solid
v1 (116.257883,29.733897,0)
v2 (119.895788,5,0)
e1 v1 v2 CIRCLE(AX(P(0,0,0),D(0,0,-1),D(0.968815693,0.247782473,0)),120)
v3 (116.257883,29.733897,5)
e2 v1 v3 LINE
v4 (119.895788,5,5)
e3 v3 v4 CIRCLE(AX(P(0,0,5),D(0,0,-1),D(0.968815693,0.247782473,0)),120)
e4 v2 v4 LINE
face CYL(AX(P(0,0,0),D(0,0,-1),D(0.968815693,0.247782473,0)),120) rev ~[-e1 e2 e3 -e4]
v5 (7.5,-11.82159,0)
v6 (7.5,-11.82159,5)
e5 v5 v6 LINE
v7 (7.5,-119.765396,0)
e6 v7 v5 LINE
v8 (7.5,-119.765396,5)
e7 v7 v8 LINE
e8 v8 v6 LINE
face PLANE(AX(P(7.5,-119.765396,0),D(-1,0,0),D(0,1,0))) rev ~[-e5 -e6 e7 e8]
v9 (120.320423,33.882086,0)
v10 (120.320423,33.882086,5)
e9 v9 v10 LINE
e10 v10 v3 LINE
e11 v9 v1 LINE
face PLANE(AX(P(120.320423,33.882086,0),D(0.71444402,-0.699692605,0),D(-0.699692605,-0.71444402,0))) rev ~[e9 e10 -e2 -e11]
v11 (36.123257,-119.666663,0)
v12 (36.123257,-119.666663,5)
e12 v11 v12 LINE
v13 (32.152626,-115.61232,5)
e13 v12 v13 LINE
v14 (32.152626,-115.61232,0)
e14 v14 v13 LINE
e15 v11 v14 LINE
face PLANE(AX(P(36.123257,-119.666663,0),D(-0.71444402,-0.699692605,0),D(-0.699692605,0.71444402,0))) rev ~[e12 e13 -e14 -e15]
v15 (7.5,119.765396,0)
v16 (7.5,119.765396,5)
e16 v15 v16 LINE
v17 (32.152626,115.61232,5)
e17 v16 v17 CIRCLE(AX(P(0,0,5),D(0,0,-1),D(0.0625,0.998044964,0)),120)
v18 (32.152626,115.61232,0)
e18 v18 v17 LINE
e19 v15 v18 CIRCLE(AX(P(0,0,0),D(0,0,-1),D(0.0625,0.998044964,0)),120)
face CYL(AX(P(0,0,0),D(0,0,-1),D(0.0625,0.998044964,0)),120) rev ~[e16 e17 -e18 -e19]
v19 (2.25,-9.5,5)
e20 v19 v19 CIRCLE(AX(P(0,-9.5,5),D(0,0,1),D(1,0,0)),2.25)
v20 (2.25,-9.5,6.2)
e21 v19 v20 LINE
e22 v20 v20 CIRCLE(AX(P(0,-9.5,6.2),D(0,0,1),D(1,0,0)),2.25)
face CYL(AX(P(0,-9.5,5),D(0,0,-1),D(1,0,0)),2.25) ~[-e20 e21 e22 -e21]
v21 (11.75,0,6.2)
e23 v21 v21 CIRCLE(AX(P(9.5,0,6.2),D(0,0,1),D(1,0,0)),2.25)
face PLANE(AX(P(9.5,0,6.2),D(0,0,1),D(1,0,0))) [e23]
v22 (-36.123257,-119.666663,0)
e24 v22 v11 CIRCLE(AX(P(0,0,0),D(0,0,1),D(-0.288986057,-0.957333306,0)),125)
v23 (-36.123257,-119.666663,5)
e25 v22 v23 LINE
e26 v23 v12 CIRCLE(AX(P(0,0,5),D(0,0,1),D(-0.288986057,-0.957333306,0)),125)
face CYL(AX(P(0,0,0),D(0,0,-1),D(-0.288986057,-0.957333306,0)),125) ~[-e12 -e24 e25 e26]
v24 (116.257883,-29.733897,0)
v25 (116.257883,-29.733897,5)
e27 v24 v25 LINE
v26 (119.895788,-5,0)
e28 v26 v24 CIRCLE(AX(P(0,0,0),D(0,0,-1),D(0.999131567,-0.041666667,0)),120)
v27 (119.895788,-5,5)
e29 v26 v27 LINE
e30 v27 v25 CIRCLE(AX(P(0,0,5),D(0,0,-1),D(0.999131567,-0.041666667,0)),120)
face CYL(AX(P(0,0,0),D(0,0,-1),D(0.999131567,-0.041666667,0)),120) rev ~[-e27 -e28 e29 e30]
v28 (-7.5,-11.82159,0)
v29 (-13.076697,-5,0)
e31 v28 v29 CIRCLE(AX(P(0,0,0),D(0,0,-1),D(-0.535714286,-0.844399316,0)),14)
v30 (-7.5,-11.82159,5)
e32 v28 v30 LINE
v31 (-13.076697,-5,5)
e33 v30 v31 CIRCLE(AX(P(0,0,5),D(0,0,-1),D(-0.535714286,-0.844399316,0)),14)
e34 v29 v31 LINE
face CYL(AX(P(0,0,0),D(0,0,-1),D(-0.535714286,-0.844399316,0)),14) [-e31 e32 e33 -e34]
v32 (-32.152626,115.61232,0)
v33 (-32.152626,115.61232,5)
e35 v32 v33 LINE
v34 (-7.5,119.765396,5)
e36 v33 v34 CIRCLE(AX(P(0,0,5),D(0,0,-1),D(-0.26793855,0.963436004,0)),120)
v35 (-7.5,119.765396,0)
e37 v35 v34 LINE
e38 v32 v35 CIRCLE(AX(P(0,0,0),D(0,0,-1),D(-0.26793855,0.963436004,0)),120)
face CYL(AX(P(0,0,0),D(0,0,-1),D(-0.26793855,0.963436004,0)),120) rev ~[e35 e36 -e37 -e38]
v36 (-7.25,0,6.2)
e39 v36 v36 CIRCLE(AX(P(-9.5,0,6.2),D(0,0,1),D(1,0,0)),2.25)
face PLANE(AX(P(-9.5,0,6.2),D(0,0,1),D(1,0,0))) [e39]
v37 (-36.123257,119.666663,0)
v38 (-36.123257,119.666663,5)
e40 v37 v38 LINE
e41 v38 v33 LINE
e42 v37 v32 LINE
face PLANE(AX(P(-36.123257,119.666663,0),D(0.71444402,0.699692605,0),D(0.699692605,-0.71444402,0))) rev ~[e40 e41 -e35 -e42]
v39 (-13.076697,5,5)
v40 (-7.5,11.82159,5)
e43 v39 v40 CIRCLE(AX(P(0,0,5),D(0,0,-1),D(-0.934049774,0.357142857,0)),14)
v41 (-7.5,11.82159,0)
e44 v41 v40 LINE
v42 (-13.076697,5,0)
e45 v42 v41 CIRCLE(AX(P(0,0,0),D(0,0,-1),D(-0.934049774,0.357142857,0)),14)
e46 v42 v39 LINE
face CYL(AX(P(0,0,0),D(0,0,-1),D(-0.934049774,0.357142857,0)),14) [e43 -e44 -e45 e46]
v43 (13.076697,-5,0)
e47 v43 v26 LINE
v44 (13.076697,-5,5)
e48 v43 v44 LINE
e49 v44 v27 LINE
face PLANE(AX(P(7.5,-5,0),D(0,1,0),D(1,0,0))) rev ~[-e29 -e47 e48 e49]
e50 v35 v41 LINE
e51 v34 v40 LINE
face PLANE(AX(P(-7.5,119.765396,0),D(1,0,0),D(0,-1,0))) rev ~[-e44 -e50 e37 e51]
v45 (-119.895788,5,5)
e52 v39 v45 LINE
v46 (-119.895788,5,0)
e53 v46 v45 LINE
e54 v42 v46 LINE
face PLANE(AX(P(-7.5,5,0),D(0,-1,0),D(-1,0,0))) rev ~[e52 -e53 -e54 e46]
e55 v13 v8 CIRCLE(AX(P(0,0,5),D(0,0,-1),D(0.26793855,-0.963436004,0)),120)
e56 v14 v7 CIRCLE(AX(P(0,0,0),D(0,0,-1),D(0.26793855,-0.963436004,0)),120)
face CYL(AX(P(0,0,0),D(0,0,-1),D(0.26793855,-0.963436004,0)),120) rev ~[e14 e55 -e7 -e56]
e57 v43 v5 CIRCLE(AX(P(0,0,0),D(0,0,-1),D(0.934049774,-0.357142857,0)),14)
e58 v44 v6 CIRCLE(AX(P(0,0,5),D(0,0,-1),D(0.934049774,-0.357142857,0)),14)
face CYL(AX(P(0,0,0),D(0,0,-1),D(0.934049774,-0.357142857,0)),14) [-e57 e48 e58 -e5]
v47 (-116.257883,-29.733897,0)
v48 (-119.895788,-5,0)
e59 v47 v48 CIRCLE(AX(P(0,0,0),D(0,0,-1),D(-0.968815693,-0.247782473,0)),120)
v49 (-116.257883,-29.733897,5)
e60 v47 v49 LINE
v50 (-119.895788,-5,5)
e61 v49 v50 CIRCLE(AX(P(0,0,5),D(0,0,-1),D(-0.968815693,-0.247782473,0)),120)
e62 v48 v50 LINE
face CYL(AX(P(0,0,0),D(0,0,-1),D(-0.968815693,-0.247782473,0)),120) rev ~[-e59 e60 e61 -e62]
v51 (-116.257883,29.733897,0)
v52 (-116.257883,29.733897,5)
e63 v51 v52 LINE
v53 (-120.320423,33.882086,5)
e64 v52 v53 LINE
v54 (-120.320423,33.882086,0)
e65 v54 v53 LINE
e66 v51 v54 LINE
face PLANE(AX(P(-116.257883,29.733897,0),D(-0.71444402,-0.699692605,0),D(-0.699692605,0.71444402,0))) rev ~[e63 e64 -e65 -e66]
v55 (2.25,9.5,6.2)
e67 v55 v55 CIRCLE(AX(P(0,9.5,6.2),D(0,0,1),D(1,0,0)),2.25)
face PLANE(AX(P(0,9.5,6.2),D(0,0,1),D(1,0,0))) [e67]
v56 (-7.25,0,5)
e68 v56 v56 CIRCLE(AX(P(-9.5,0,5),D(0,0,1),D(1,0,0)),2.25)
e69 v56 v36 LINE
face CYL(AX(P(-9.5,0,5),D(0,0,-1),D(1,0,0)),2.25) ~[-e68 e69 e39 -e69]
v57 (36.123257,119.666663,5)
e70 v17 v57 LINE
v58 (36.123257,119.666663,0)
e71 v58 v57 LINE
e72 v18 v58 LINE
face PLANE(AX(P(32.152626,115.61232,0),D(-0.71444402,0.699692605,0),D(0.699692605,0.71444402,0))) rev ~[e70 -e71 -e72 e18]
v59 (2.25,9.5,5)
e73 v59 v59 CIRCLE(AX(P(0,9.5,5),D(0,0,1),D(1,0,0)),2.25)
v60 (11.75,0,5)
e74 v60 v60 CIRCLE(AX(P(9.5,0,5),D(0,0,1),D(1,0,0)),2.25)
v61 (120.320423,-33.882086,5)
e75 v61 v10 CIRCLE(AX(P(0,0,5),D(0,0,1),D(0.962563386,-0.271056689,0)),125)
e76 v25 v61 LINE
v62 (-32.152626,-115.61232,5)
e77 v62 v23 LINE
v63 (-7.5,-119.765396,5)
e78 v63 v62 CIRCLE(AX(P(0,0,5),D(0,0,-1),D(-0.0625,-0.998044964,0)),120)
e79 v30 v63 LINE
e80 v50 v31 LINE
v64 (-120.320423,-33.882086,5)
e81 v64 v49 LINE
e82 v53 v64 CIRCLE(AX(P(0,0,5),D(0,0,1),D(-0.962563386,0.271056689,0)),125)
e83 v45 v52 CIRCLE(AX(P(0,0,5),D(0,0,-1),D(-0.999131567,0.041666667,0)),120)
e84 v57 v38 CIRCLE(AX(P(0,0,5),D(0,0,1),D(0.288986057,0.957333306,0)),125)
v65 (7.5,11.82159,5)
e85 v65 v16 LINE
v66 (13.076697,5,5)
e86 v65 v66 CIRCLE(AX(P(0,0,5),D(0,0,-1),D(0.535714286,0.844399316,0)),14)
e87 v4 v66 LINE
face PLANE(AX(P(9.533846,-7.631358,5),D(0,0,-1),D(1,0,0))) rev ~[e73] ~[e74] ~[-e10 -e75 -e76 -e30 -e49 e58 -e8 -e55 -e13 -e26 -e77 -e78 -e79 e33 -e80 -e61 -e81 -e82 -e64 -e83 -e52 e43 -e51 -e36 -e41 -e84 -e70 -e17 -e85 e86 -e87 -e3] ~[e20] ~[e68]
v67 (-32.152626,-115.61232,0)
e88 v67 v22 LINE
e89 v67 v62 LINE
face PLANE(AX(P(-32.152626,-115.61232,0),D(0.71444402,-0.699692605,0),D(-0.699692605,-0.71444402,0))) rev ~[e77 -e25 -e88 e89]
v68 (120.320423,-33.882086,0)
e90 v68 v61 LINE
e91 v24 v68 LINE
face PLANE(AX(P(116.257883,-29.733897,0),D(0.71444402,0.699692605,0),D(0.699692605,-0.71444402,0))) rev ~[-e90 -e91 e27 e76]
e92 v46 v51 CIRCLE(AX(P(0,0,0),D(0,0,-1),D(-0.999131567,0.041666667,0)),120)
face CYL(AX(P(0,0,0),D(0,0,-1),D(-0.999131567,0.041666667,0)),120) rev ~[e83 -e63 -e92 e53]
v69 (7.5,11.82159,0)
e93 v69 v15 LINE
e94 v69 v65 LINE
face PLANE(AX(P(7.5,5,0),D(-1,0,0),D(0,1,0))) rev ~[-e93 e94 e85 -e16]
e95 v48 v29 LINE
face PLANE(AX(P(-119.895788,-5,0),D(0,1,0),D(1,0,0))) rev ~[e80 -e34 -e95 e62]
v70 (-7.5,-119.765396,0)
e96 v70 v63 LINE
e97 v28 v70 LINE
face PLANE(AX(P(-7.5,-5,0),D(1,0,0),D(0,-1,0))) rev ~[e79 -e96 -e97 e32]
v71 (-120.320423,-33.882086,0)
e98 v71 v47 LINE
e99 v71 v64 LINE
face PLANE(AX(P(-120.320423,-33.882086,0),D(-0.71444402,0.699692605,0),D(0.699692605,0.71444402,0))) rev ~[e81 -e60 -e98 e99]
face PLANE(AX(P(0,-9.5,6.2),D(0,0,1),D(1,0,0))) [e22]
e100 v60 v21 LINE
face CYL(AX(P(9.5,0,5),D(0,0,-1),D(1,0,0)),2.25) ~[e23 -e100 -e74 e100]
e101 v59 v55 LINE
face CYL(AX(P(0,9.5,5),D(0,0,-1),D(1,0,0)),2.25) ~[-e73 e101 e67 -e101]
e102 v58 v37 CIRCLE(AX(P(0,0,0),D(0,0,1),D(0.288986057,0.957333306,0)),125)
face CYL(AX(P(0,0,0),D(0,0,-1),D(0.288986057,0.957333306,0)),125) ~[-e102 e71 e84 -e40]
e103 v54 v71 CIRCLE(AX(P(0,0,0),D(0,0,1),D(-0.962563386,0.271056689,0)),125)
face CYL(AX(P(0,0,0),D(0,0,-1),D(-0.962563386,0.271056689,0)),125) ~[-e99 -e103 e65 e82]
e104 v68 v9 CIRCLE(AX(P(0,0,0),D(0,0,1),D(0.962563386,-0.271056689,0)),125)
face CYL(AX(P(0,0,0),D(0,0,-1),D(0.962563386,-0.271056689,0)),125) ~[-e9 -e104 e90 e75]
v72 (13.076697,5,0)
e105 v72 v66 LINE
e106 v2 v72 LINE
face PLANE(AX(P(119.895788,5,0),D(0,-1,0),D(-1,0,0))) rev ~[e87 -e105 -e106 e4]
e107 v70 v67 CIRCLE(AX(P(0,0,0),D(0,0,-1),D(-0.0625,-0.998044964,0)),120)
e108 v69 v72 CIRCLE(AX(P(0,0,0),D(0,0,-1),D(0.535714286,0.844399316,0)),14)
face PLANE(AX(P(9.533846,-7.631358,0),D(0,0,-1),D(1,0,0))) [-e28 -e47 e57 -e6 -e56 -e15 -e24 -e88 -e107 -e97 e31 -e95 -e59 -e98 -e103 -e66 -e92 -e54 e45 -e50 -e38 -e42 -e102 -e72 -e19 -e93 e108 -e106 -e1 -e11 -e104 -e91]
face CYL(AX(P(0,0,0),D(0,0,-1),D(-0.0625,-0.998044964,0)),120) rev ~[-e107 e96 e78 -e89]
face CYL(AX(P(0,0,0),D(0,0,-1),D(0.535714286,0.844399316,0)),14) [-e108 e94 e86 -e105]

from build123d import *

# Parameters (mm, degrees)
F1_DEPTH = 5
F3_DEPTH = 5
F4_R     = 2.25
F5_DEPTH = 1.2


with BuildPart() as f1:
    # F0 (on Top) → F1 (new body)
    with BuildSketch(Plane.XY):
        with BuildLine():
            ThreePointArc((-116.2578831103, -29.7338967292), (-118.7227043002, -17.4619438679), (-119.8957880828, -5))
            Line((-119.8957880828, -5), (-7.5, -5))
            Line((-7.5, -5), (-7.5, -119.76539567))
            ThreePointArc((-7.5, -119.76539567), (-19.9347609629, -118.3326045744), (-32.152625953, -115.6123204694))
            Line((-32.152625953, -115.6123204694), (-36.1232570919, -119.6666632654))
            ThreePointArc((-36.1232570919, -119.6666632654), (0, -125), (36.1232570919, -119.6666632654))
            Line((36.1232570919, -119.6666632654), (32.152625953, -115.6123204694))
            ThreePointArc((32.152625953, -115.6123204694), (19.9347609629, -118.3326045744), (7.5, -119.76539567))
            Line((7.5, -119.76539567), (7.5, -5))
            Line((7.5, -5), (119.8957880828, -5))
            ThreePointArc((119.8957880828, -5), (118.7227043002, -17.4619438679), (116.2578831103, -29.7338967292))
            Line((116.2578831103, -29.7338967292), (120.3204231937, -33.8820861591))
            ThreePointArc((120.3204231937, -33.8820861591), (125, 0), (120.3204231937, 33.8820861591))
            Line((120.3204231937, 33.8820861591), (116.2578831103, 29.7338967292))
            ThreePointArc((116.2578831103, 29.7338967292), (118.7227043002, 17.4619438679), (119.8957880828, 5))
            Line((119.8957880828, 5), (7.5, 5))
            Line((7.5, 5), (7.5, 119.76539567))
            ThreePointArc((7.5, 119.76539567), (19.9347609629, 118.3326045744), (32.152625953, 115.6123204694))
            Line((32.152625953, 115.6123204694), (36.1232570919, 119.6666632654))
            ThreePointArc((36.1232570919, 119.6666632654), (0, 125), (-36.1232570919, 119.6666632654))
            Line((-36.1232570919, 119.6666632654), (-32.152625953, 115.6123204694))
            ThreePointArc((-32.152625953, 115.6123204694), (-19.9347609629, 118.3326045744), (-7.5, 119.76539567))
            Line((-7.5, 119.76539567), (-7.5, 5))
            Line((-7.5, 5), (-119.8957880828, 5))
            ThreePointArc((-119.8957880828, 5), (-118.7227043002, 17.4619438679), (-116.2578831103, 29.7338967292))
            Line((-116.2578831103, 29.7338967292), (-120.3204231937, 33.8820861591))
            ThreePointArc((-120.3204231937, 33.8820861591), (-125, 0), (-120.3204231937, -33.8820861591))
            Line((-120.3204231937, -33.8820861591), (-116.2578831103, -29.7338967292))
        make_face()
    extrude(amount=F1_DEPTH)

    # F2 (on face) → F3 (join)
    with BuildSketch(Plane(origin=(0, 0, 0), x_dir=(1, 0, 0), z_dir=(0, 0, -1))):
        with BuildLine():
            Line((7.5, 5), (13.0766968306, 5))
            ThreePointArc((13.0766968306, 5), (10.8389869024, 8.8609459387), (7.5, 11.8215904175))
            Line((7.5, 11.8215904175), (7.5, 5))
        make_face()
        with BuildLine():
            ThreePointArc((7.5, -11.8215904175), (10.8389869024, -8.8609459387), (13.0766968306, -5))
            Line((13.0766968306, -5), (7.5, -5))
            Line((7.5, -5), (7.5, -11.8215904175))
        make_face()
        with BuildLine():
            ThreePointArc((-13.0766968306, -5), (-10.8389869024, -8.8609459387), (-7.5, -11.8215904175))
            Line((-7.5, -11.8215904175), (-7.5, -5))
            Line((-7.5, -5), (-13.0766968306, -5))
        make_face()
        with BuildLine():
            Line((-7.5, 5), (-7.5, 11.8215904175))
            ThreePointArc((-7.5, 11.8215904175), (-10.8389869024, 8.8609459387), (-13.0766968306, 5))
            Line((-13.0766968306, 5), (-7.5, 5))
        make_face()
    extrude(amount=-F3_DEPTH)

    # F4 (on face) → F5 (join)
    with BuildSketch(Plane.XY.offset(5)):
        with Locations((0, 9.5)):
            Circle(F4_R)
        with Locations((-9.5, 0)):
            Circle(F4_R)
        with Locations((0, -9.5)):
            Circle(F4_R)
        with Locations((9.5, 0)):
            Circle(F4_R)
    extrude(amount=F5_DEPTH)


solid = f1.part
